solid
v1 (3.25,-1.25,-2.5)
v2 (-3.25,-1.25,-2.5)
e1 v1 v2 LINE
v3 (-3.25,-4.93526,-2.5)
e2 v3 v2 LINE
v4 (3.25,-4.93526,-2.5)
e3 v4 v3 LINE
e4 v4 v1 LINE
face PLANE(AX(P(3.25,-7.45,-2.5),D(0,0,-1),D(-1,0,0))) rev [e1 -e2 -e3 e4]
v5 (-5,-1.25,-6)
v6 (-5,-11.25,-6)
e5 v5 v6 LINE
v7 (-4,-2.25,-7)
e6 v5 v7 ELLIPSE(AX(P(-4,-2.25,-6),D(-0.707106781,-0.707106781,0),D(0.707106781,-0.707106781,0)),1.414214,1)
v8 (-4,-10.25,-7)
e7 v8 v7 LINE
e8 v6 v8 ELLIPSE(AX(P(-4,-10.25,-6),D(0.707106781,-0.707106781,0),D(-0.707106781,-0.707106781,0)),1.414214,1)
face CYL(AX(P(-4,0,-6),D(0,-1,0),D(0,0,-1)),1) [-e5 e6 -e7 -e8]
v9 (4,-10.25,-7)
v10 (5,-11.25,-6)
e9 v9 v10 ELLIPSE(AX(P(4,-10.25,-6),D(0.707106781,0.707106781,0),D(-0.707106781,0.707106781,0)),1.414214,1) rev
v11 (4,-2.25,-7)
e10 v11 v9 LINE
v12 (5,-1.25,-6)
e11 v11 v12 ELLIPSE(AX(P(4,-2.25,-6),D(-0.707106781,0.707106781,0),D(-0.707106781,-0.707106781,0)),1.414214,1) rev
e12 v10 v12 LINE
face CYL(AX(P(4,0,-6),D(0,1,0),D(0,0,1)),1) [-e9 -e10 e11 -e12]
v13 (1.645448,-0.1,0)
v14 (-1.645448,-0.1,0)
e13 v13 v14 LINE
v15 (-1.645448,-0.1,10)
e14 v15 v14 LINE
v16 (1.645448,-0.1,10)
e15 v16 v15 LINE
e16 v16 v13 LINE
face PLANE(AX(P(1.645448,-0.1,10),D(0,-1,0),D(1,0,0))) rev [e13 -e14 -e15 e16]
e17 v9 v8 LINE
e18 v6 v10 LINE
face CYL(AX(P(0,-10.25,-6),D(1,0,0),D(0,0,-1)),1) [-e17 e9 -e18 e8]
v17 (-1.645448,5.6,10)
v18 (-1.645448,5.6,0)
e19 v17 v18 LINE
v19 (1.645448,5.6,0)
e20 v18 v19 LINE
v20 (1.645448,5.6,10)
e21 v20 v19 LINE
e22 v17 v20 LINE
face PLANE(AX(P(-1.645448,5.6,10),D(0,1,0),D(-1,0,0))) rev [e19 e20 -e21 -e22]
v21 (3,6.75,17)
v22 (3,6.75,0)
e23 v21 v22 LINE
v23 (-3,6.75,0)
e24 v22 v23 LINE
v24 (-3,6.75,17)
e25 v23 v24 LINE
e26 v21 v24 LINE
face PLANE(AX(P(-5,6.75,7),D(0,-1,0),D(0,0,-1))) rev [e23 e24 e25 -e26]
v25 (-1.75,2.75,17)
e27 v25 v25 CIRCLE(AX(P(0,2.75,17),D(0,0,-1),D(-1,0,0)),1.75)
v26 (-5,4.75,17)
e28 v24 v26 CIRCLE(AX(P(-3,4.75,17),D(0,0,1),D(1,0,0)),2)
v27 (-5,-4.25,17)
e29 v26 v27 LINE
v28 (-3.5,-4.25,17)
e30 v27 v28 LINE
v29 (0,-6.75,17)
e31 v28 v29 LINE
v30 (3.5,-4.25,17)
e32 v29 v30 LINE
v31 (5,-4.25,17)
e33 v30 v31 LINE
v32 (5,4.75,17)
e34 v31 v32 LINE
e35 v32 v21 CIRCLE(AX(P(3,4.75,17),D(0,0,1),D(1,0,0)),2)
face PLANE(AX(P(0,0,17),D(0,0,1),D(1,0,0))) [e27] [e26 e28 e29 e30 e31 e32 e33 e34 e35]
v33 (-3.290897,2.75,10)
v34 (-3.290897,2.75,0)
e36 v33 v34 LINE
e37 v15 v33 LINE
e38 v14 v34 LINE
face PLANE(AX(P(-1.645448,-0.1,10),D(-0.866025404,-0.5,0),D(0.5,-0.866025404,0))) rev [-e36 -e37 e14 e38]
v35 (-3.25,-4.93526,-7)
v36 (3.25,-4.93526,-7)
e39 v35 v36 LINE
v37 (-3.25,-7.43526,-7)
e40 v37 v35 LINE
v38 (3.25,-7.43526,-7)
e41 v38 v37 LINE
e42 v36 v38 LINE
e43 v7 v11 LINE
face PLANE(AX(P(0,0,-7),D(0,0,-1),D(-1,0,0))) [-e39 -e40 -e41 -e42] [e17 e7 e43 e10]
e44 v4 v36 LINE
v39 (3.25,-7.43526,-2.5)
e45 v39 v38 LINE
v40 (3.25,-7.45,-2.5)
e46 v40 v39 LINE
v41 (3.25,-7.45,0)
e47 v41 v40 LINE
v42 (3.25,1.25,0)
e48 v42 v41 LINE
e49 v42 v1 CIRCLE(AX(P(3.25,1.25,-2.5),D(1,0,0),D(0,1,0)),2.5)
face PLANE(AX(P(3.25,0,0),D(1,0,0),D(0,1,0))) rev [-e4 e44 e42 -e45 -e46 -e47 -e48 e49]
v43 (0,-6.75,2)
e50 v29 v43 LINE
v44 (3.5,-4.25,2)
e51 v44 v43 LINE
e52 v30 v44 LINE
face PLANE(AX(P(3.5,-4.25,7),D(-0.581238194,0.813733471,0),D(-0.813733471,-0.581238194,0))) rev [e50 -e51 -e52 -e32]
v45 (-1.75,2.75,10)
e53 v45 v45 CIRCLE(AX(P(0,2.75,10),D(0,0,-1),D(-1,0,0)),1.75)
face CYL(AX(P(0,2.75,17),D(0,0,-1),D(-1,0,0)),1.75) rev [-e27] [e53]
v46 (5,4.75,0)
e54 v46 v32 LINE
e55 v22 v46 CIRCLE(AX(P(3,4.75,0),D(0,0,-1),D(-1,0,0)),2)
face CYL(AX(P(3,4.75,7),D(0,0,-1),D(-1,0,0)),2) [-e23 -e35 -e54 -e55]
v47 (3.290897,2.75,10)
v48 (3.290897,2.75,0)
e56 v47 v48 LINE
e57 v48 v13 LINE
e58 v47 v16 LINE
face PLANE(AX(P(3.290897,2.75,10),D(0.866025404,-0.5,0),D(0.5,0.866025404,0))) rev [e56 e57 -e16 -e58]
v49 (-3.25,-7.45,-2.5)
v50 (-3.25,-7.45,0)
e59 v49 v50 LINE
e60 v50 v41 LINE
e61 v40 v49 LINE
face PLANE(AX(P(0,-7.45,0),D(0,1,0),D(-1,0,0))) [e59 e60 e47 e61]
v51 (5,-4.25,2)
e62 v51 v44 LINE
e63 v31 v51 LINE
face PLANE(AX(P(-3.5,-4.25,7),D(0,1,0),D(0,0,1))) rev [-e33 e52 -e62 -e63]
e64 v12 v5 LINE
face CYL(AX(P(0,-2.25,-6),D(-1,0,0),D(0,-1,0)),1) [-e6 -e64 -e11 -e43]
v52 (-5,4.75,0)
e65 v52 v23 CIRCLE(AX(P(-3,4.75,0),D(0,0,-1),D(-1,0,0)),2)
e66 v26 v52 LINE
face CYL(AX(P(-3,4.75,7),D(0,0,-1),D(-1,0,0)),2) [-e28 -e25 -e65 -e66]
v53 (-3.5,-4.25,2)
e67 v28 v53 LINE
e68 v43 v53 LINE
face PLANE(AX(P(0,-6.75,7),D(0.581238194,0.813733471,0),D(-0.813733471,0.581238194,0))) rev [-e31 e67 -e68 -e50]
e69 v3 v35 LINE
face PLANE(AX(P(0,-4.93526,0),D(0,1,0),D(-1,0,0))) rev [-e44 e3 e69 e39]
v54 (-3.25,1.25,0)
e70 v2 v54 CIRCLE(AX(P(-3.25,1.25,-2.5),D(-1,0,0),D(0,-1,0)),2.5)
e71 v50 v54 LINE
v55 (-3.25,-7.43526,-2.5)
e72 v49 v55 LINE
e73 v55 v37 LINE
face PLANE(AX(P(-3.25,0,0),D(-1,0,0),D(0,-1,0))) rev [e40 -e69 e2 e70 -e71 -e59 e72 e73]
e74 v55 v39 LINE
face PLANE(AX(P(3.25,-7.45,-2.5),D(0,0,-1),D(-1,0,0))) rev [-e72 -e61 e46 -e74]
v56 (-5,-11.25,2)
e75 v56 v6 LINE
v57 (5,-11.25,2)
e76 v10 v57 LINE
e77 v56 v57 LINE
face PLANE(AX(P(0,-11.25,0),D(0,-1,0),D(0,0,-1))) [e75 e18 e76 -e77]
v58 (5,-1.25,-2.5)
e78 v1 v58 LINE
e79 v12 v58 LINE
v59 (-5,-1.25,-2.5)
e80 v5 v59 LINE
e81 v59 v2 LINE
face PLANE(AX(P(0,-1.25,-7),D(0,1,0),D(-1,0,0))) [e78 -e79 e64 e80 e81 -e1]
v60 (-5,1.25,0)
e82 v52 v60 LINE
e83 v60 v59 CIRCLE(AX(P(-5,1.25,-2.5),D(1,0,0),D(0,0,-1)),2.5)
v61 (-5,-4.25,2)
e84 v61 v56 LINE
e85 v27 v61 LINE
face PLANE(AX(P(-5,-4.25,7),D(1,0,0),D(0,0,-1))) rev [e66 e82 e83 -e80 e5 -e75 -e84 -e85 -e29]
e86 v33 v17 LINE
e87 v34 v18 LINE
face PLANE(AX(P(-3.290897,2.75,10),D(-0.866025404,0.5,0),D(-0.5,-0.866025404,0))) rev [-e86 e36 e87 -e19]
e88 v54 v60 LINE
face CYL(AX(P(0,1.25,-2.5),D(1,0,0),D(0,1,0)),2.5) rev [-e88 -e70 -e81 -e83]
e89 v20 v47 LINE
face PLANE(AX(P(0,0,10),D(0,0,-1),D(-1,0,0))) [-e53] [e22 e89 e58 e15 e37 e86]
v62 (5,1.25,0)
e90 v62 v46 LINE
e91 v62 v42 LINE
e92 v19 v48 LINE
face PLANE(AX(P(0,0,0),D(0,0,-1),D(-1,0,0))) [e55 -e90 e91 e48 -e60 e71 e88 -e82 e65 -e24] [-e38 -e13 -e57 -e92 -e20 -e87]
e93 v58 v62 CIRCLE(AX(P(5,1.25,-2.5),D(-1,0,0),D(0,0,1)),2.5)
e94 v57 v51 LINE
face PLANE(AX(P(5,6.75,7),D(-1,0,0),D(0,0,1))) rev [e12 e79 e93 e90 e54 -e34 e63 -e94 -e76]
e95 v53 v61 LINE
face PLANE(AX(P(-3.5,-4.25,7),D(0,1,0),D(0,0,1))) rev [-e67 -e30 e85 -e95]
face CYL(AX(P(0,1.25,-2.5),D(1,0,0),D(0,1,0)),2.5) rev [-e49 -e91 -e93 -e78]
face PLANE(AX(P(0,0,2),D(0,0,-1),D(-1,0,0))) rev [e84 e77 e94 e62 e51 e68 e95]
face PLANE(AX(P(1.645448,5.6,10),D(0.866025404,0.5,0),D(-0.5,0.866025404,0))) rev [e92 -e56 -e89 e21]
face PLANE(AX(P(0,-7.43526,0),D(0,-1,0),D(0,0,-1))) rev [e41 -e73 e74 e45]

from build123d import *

# Parameters (mm, degrees)
EXTRUDE_1_DEPTH     = 7
SKETCH_6_R          = 1.5
CUT_EXTRUDE_1_DEPTH = 11.934463864
CUT_EXTRUDE_2_DEPTH = 3
EXTRUDE_3_DEPTH     = 7
SKETCH_10_W         = 10
SKETCH_10_H         = 7
EXTRUDE_4_DEPTH     = 7
SKETCH_12_W         = 3.25
SKETCH_12_H         = 1.314739763
SKETCH_12_H_2       = 1.185260237
CUT_EXTRUDE_3_DEPTH = 7
CUT_EXTRUDE_4_DEPTH = 6.2
FILLET_1_R          = 2.5
FILLET_2_R          = 1
FILLET_4_R          = 2
EXTRUDE_START       = 10
SKETCH_14_R         = 1.5
EXTRUDE_5_DEPTH     = 10
SKETCH_15_W         = 10
SKETCH_15_H         = 7
EXTRUDE_6_DEPTH     = 2
CUT_EXTRUDE_5_DEPTH = 10
CUT_EXTRUDE_6_DEPTH = 10
SKETCH_19_R         = 1.75
CUT_EXTRUDE_7_DEPTH = 21.989580749


with BuildPart() as part:
    # Эскиз3 → Бобышка-Вытянуть1 (new body)
    with BuildSketch(Plane.XY):
        Polygon((0, -6.75), (-3.5, -4.25), (-5, -4.25), (-5, 4.75), (-5, 6.75), (5, 6.75), (5, -4.25), (3.5, -4.25), align=None)
    extrude(amount=EXTRUDE_1_DEPTH)

    # Эскиз6 → Вырез-Вытянуть1 (cut, through all)
    with BuildSketch(Plane(origin=(0, 0, 0), x_dir=(-1, 0, 0), z_dir=(0, 0, -1))):
        with Locations((0, 2.75)):
            Circle(SKETCH_6_R)
    extrude(amount=-CUT_EXTRUDE_1_DEPTH, mode=Mode.SUBTRACT)

    # Эскиз7 → Вырез-Вытянуть2 (cut)
    with BuildSketch(Plane(origin=(0, 0, 0), x_dir=(-1, 0, 0), z_dir=(0, 0, -1))):
        Polygon((1.58771324, 0), (3.175426481, 2.75), (1.58771324, 5.5), (-1.58771324, 5.5), (-3.175426481, 2.75), (-1.58771324, 0), align=None)
    extrude(amount=-CUT_EXTRUDE_2_DEPTH, mode=Mode.SUBTRACT)

    # Эскиз8 → Бобышка-Вытянуть3 (add)
    with BuildSketch(Plane(origin=(0, 0, 0), x_dir=(-1, 0, 0), z_dir=(0, 0, -1))):
        Polygon((-5, -1.25), (-5, -4.25), (-3.5, -4.25), (3.5, -4.25), (5, -4.25), (5, -1.25), align=None)
    extrude(amount=EXTRUDE_3_DEPTH)

    # Эскиз10 → Бобышка-Вытянуть4 (add)
    with BuildSketch(Plane.XZ.offset(4.25)):
        with Locations((0, -3.5)):
            Rectangle(SKETCH_10_W, SKETCH_10_H)
    extrude(amount=EXTRUDE_4_DEPTH)

    # Эскиз12 → Вырез-Вытянуть3 (cut)
    with BuildSketch(Plane(origin=(0, 0, -7), x_dir=(-1, 0, 0), z_dir=(0, 0, -1))):
        with Locations((-1.625, -5.592630119)):
            Rectangle(SKETCH_12_W, SKETCH_12_H)
        with Locations((1.625, -5.592630119)):
            Rectangle(SKETCH_12_W, SKETCH_12_H)
        with Locations((1.625, -6.842630119)):
            Rectangle(SKETCH_12_W, SKETCH_12_H_2)
        with Locations((-1.625, -6.842630119)):
            Rectangle(SKETCH_12_W, SKETCH_12_H_2)
    extrude(amount=-CUT_EXTRUDE_3_DEPTH, mode=Mode.SUBTRACT)

    # Эскиз13 → Вырез-Вытянуть4 (cut)
    with BuildSketch(Plane(origin=(0, -1.25, 0), x_dir=(1, 0, 0), z_dir=(0, 1, 0))):
        Polygon((0, 0), (3.25, 0), (3.25, 2.5), (-3.25, 2.5), (-3.25, 0), align=None)
    extrude(amount=-CUT_EXTRUDE_4_DEPTH, mode=Mode.SUBTRACT)

    # Скругление1
    fillet_1_edges = [part.edges().sort_by_distance(p)[0] for p in [
        (4.125, -1.25, 0),
        (-4.125, -1.25, 0),
    ]]
    fillet(fillet_1_edges, radius=FILLET_1_R)

    # Скругление2
    fillet_2_edges = [part.edges().sort_by_distance(p)[0] for p in [
        (0, -11.25, -7),
        (5, -6.25, -7),
        (-5, -6.25, -7),
        (0, -1.25, -7),
    ]]
    fillet(fillet_2_edges, radius=FILLET_2_R)

    # Скругление4
    fillet_4_edges = [part.edges().sort_by_distance(p)[0] for p in [
        (5, 6.75, 3.5),
        (-5, 6.75, 3.5),
    ]]
    fillet(fillet_4_edges, radius=FILLET_4_R)

    # Эскиз14 → Бобышка-Вытянуть5 (add)
    with BuildSketch(Plane.XY.offset(7).offset(EXTRUDE_START)):
        with BuildLine():
            Line((3.5, -4.25), (5, -4.25))
            Line((5, -4.25), (5, 4.75))
            ThreePointArc((5, 4.75), (4.414213562, 6.164213562), (3, 6.75))
            Line((3, 6.75), (-3, 6.75))
            ThreePointArc((-3, 6.75), (-4.414213562, 6.164213562), (-5, 4.75))
            Line((-5, 4.75), (-5, -4.25))
            Line((-5, -4.25), (-3.5, -4.25))
            Line((-3.5, -4.25), (0, -6.75))
            Line((0, -6.75), (3.5, -4.25))
        make_face()
        with Locations(Location((0, 2.75, 0), (0, 0, 180))):
            Circle(SKETCH_14_R, mode=Mode.SUBTRACT)
    extrude(amount=-EXTRUDE_5_DEPTH)

    # Эскиз15 → Бобышка-Вытянуть6 (add)
    with BuildSketch(Plane.XY):
        with Locations((0, -7.75)):
            Rectangle(SKETCH_15_W, SKETCH_15_H)
    extrude(amount=EXTRUDE_6_DEPTH)

    # Эскиз17 → Вырез-Вытянуть5 (cut)
    with BuildSketch(Plane(origin=(0, 0, 0), x_dir=(-1, 0, 0), z_dir=(0, 0, -1))):
        Polygon((1.58771324, 0), (3.175426481, 2.75), (1.58771324, 5.5), (-1.58771324, 5.5), (-3.175426481, 2.75), (-1.58771324, 0), align=None)
    extrude(amount=-CUT_EXTRUDE_5_DEPTH, mode=Mode.SUBTRACT)

    # Эскиз18 → Вырез-Вытянуть6 (cut)
    with BuildSketch(Plane(origin=(0, 0, 0), x_dir=(-1, 0, 0), z_dir=(0, 0, -1))):
        Polygon((1.645448267, -0.1), (3.290896534, 2.75), (1.645448267, 5.6), (-1.645448267, 5.6), (-3.290896534, 2.75), (-1.645448267, -0.1), align=None)
    extrude(amount=-CUT_EXTRUDE_6_DEPTH, mode=Mode.SUBTRACT)

    # Эскиз19 → Вырез-Вытянуть7 (cut, through all)
    with BuildSketch(Plane(origin=(0, 0, 10), x_dir=(-1, 0, 0), z_dir=(0, 0, -1))):
        with Locations((0, 2.75)):
            Circle(SKETCH_19_R)
    extrude(amount=-CUT_EXTRUDE_7_DEPTH, mode=Mode.SUBTRACT)


solid = part.part
